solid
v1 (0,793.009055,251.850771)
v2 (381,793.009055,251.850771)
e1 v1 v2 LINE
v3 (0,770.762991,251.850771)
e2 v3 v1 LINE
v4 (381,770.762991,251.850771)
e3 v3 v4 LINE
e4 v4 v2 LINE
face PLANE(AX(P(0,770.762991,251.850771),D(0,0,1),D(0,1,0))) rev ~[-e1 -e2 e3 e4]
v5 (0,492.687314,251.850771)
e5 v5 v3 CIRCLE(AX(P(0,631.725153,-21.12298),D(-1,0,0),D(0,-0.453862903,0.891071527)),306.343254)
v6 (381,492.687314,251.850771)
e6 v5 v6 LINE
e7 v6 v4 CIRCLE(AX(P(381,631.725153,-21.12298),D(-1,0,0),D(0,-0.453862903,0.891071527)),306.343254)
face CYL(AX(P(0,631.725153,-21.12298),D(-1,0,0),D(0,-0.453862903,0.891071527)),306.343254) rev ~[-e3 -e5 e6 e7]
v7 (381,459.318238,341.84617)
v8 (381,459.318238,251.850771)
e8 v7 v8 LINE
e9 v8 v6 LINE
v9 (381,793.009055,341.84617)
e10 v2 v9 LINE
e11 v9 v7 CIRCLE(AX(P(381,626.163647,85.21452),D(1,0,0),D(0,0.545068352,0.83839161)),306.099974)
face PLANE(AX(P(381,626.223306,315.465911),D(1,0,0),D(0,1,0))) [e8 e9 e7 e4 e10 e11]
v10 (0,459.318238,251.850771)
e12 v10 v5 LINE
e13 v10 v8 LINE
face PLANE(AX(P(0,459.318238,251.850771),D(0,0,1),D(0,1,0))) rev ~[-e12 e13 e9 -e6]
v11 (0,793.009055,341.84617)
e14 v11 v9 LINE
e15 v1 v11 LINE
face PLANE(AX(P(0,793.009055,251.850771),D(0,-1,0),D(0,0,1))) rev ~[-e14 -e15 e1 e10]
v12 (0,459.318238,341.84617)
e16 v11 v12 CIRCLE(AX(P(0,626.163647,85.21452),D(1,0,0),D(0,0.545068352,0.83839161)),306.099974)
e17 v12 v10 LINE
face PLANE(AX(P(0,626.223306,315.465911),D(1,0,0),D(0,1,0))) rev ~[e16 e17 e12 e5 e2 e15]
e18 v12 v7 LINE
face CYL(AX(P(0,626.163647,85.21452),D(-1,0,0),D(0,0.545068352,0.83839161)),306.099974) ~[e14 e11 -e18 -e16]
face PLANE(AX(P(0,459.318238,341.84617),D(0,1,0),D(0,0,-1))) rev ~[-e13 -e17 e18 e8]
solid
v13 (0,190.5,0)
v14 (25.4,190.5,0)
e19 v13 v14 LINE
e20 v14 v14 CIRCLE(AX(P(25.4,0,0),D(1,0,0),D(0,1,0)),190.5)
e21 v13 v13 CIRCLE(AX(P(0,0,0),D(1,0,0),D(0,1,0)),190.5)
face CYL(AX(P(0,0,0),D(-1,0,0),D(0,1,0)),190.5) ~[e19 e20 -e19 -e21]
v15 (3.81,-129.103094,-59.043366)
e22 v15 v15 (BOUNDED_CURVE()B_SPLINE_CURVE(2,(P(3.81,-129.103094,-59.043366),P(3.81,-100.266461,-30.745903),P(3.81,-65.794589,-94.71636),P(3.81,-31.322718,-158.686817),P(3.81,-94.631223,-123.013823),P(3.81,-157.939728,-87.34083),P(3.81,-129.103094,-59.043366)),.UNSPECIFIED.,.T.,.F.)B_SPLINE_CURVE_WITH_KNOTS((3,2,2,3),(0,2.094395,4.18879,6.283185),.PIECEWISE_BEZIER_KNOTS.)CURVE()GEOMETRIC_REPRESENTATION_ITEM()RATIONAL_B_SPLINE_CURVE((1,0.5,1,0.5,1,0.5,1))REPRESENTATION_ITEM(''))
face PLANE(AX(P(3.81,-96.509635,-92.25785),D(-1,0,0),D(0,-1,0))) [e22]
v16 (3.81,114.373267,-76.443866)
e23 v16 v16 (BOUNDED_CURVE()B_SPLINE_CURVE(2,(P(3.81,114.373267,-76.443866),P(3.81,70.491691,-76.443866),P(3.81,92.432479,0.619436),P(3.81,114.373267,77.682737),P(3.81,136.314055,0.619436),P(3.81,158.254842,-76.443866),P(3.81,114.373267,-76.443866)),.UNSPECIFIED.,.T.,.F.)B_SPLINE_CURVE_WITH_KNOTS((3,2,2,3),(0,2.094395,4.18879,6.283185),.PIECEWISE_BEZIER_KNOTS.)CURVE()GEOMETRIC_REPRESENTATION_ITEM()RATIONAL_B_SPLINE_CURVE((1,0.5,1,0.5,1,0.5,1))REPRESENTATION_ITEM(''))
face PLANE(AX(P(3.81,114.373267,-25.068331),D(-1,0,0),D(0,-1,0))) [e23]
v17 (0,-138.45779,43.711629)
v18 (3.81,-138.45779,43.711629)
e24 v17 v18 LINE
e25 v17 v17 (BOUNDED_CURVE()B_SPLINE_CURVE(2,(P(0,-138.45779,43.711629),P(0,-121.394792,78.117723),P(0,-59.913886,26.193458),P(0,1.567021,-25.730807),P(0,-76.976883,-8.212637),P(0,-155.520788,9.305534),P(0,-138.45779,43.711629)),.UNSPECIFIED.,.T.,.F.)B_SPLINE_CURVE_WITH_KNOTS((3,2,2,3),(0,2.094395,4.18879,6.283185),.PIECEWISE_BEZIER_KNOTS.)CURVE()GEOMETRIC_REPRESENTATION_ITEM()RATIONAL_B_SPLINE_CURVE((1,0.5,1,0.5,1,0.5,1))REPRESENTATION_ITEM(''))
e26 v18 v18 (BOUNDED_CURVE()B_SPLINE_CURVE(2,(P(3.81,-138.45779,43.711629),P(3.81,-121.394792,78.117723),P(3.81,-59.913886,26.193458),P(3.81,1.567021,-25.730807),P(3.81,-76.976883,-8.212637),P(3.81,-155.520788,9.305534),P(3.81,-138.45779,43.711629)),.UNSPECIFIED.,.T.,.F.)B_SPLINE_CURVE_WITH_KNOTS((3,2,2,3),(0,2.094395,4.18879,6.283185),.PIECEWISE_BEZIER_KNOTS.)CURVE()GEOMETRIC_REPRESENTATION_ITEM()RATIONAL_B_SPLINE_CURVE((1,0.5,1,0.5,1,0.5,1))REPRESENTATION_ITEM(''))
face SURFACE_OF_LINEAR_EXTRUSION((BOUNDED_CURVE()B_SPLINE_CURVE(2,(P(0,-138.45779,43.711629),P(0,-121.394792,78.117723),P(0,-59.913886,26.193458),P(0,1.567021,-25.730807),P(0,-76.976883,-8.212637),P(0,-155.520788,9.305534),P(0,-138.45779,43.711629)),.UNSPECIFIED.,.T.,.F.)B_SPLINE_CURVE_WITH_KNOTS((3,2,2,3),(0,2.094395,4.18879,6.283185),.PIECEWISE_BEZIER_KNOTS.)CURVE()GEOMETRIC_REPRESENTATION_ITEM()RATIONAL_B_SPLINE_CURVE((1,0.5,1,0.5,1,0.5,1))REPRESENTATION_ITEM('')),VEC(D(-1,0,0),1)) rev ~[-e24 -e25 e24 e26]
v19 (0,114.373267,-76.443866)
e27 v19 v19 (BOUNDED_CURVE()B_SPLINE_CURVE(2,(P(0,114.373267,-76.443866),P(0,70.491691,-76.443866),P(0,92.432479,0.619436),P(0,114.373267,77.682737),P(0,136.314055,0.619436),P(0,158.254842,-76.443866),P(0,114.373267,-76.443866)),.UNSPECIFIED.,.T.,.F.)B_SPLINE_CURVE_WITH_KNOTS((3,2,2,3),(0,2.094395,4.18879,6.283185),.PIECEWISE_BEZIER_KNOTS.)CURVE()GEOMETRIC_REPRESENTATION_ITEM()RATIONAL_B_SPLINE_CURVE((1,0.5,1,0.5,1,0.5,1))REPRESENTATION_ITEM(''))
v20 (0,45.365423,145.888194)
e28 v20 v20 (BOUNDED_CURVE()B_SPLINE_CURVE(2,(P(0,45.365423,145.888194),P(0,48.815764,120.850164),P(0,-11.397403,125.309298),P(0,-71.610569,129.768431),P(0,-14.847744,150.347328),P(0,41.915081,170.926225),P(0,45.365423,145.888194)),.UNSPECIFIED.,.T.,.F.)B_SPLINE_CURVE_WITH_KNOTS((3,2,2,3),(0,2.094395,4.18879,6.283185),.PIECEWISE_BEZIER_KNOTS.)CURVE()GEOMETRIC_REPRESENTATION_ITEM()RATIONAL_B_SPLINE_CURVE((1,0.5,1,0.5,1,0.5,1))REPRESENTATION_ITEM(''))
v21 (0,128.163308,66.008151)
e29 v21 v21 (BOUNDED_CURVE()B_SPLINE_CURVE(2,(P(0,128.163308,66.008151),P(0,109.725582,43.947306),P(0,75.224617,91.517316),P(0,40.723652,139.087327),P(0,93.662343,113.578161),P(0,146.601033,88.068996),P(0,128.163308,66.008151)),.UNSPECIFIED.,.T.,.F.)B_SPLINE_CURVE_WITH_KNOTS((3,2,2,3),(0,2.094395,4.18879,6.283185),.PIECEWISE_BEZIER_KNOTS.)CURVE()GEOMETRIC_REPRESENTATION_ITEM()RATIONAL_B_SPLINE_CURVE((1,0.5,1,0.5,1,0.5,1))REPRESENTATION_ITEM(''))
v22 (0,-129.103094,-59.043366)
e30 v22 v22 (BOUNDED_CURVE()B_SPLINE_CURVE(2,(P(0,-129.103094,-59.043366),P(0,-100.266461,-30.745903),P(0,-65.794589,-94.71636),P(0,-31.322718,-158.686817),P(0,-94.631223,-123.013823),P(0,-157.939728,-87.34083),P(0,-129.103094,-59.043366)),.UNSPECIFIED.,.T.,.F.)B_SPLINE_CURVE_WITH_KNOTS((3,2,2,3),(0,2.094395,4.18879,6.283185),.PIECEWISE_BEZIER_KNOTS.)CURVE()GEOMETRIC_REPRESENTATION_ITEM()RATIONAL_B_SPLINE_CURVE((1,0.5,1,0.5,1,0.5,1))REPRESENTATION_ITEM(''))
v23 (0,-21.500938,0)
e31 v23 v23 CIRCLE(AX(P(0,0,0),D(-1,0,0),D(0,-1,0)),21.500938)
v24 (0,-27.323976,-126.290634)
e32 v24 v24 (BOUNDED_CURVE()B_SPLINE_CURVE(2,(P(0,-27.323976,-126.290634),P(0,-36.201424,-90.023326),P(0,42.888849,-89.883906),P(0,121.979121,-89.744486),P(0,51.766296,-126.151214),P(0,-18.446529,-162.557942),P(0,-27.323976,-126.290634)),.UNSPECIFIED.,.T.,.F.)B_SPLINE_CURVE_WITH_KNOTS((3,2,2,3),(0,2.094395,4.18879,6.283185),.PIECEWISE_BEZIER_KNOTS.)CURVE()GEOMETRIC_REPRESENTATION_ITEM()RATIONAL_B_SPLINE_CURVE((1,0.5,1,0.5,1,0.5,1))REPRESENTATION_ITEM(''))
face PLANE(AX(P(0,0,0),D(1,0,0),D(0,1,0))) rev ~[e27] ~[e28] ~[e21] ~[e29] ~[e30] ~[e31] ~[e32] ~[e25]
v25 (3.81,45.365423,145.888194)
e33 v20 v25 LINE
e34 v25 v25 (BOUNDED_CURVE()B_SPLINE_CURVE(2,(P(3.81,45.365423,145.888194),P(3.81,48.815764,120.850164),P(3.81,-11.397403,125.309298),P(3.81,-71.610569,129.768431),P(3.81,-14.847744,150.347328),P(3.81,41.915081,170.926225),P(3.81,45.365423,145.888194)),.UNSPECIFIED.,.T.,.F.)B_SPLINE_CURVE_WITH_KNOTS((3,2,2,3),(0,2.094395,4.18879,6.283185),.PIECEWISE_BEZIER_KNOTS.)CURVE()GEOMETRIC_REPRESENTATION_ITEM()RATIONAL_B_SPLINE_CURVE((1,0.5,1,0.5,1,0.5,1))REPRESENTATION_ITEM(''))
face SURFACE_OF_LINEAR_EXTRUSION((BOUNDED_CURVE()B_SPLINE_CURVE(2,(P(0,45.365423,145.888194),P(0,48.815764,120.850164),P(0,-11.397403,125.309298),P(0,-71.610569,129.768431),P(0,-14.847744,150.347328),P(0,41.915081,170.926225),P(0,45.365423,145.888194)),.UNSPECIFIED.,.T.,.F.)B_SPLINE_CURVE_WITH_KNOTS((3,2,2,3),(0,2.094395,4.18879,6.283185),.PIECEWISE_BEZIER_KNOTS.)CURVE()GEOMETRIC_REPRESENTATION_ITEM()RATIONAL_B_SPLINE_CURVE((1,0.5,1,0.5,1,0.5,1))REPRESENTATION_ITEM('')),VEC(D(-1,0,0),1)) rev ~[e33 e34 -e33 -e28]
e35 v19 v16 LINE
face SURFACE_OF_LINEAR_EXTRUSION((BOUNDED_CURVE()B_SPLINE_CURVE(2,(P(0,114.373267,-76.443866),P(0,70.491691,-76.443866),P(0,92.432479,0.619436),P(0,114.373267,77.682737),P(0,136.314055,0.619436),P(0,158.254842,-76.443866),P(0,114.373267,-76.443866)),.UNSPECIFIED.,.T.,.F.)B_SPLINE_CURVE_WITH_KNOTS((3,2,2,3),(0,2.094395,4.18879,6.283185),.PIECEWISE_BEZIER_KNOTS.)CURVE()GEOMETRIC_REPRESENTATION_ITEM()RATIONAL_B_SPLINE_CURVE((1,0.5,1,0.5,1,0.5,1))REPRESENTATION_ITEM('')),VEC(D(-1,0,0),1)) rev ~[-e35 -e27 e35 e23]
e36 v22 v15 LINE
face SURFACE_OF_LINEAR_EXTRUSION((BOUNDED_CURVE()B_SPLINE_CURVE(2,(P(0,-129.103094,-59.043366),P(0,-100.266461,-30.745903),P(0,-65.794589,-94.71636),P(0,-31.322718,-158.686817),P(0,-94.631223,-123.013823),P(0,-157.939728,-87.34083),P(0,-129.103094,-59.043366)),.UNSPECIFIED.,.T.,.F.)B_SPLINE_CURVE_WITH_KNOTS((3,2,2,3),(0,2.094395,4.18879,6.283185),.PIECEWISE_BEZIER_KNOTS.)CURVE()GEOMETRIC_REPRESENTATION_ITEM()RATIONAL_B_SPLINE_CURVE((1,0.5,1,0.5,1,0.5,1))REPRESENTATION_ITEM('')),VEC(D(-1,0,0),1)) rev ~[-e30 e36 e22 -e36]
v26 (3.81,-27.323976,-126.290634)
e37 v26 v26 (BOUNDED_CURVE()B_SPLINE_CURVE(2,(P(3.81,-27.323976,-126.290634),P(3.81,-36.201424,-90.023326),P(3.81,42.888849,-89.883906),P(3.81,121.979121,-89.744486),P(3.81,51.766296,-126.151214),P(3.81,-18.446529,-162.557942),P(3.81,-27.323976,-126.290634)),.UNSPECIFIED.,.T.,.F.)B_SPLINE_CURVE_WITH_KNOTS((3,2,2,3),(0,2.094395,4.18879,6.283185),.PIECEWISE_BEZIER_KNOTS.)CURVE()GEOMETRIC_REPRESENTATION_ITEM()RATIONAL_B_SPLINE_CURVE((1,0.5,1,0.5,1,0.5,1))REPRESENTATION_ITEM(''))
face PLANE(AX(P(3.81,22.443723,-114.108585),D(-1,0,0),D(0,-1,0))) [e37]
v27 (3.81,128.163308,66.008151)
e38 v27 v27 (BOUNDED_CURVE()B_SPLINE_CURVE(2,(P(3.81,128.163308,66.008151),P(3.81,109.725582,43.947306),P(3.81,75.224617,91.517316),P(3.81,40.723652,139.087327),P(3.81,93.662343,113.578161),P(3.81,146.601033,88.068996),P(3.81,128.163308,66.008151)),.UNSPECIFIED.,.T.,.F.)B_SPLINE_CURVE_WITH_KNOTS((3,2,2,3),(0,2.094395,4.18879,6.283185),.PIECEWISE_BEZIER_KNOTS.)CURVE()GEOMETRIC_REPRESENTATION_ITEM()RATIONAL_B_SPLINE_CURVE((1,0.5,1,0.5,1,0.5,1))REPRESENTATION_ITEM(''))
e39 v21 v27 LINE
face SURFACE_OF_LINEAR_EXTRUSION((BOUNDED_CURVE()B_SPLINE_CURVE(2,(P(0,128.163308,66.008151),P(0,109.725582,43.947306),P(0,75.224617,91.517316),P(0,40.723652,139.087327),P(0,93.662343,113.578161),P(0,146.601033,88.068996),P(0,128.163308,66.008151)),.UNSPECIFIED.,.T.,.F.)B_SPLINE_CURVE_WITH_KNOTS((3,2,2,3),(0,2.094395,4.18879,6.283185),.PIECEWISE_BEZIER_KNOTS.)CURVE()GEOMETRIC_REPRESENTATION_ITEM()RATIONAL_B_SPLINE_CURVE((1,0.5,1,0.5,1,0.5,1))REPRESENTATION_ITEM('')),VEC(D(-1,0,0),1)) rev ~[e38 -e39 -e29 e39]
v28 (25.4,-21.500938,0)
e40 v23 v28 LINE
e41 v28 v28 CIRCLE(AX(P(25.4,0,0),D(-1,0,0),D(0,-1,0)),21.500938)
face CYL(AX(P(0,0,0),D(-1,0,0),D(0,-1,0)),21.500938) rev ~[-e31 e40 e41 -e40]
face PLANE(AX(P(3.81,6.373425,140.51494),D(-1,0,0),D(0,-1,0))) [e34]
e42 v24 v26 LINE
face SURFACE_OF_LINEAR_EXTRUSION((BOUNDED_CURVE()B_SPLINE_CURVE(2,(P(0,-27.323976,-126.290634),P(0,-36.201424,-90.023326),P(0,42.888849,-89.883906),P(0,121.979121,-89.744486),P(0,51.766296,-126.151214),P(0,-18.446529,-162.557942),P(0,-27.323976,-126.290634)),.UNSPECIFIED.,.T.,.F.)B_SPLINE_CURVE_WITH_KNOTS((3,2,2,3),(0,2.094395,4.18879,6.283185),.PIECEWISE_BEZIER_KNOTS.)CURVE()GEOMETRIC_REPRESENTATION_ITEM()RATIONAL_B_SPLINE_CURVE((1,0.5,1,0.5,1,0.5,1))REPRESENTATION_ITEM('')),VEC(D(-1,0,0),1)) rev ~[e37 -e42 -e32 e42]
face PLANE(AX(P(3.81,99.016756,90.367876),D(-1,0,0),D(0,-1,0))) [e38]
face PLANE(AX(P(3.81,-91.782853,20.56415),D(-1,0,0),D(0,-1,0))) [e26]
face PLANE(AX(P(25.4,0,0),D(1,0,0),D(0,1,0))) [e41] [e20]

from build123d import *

# Parameters (mm, degrees)
F0_R     = 190.5
F1_DEPTH = 25.4
F2_R     = 21.500938
F3_DEPTH = 72.644
F5_DEPTH = 3.81
F7_DEPTH = 381


with BuildPart() as f1:
    # F0 (on Right) → F1 (new body)
    with BuildSketch(Plane.YZ):
        Circle(F0_R)
    extrude(amount=F1_DEPTH)

    # F2 (on face) → F3 (cut)
    with BuildSketch(Plane(origin=(0, 0, 0), x_dir=(0, -1, 0), z_dir=(-1, 0, 0))):
        Circle(F2_R)
    extrude(amount=-F3_DEPTH, mode=Mode.SUBTRACT)

    # F4 (on face) → F5 (cut)
    with BuildSketch(Plane(origin=(0, 0, 0), x_dir=(0, -1, 0), z_dir=(-1, 0, 0))):
        with BuildLine():
            add(Edge.make_bspline(
                [(-45.365423, 145.888194), (-48.815764, 120.850164), (11.397403, 125.309298), (71.610569, 129.768431), (14.847744, 150.347328), (-41.915081, 170.926225), (-45.365423, 145.888194)],
                knots=[0, 0, 0, 2.094395, 2.094395, 4.18879, 4.18879, 6.283185, 6.283185, 6.283185], degree=2, weights=[1, 0.5, 1, 0.5, 1, 0.5, 1]))
        make_face()
        with BuildLine():
            add(Edge.make_bspline(
                [(-128.163308, 66.008151), (-109.725582, 43.947306), (-75.224617, 91.517316), (-40.723652, 139.087327), (-93.662343, 113.578161), (-146.601033, 88.068996), (-128.163308, 66.008151)],
                knots=[0, 0, 0, 2.094395, 2.094395, 4.18879, 4.18879, 6.283185, 6.283185, 6.283185], degree=2, weights=[1, 0.5, 1, 0.5, 1, 0.5, 1]))
        make_face()
        with BuildLine():
            add(Edge.make_bspline(
                [(-114.373267, -76.443866), (-70.491691, -76.443866), (-92.432479, 0.619436), (-114.373267, 77.682737), (-136.314055, 0.619436), (-158.254842, -76.443866), (-114.373267, -76.443866)],
                knots=[0, 0, 0, 2.094395, 2.094395, 4.18879, 4.18879, 6.283185, 6.283185, 6.283185], degree=2, weights=[1, 0.5, 1, 0.5, 1, 0.5, 1]))
        make_face()
        with BuildLine():
            add(Edge.make_bspline(
                [(27.323976, -126.290634), (36.201424, -90.023326), (-42.888849, -89.883906), (-121.979121, -89.744486), (-51.766296, -126.151214), (18.446529, -162.557942), (27.323976, -126.290634)],
                knots=[0, 0, 0, 2.094395, 2.094395, 4.18879, 4.18879, 6.283185, 6.283185, 6.283185], degree=2, weights=[1, 0.5, 1, 0.5, 1, 0.5, 1]))
        make_face()
        with BuildLine():
            add(Edge.make_bspline(
                [(129.103094, -59.043366), (100.266461, -30.745903), (65.794589, -94.71636), (31.322718, -158.686817), (94.631223, -123.013823), (157.939728, -87.34083), (129.103094, -59.043366)],
                knots=[0, 0, 0, 2.094395, 2.094395, 4.18879, 4.18879, 6.283185, 6.283185, 6.283185], degree=2, weights=[1, 0.5, 1, 0.5, 1, 0.5, 1]))
        make_face()
        with BuildLine():
            add(Edge.make_bspline(
                [(138.45779, 43.711629), (121.394792, 78.117723), (59.913886, 26.193458), (-1.567021, -25.730807), (76.976883, -8.212637), (155.520788, 9.305534), (138.45779, 43.711629)],
                knots=[0, 0, 0, 2.094395, 2.094395, 4.18879, 4.18879, 6.283185, 6.283185, 6.283185], degree=2, weights=[1, 0.5, 1, 0.5, 1, 0.5, 1]))
        make_face()
    extrude(amount=-F5_DEPTH, mode=Mode.SUBTRACT)


with BuildPart() as f7:
    # F6 (on Right) → F7 (new body)
    with BuildSketch(Plane.YZ):
        with BuildLine():
            ThreePointArc((793.009055, 341.84617), (626.163647, 391.314494), (459.318238, 341.84617))
            Line((459.318238, 341.84617), (459.318238, 251.850771))
            Line((459.318238, 251.850771), (492.687314, 251.850771))
            ThreePointArc((492.687314, 251.850771), (631.725153, 285.220274), (770.762991, 251.850771))
            Line((770.762991, 251.850771), (793.009055, 251.850771))
            Line((793.009055, 251.850771), (793.009055, 341.84617))
        make_face()
    extrude(amount=F7_DEPTH)


solid = Compound([f1.part, f7.part])
